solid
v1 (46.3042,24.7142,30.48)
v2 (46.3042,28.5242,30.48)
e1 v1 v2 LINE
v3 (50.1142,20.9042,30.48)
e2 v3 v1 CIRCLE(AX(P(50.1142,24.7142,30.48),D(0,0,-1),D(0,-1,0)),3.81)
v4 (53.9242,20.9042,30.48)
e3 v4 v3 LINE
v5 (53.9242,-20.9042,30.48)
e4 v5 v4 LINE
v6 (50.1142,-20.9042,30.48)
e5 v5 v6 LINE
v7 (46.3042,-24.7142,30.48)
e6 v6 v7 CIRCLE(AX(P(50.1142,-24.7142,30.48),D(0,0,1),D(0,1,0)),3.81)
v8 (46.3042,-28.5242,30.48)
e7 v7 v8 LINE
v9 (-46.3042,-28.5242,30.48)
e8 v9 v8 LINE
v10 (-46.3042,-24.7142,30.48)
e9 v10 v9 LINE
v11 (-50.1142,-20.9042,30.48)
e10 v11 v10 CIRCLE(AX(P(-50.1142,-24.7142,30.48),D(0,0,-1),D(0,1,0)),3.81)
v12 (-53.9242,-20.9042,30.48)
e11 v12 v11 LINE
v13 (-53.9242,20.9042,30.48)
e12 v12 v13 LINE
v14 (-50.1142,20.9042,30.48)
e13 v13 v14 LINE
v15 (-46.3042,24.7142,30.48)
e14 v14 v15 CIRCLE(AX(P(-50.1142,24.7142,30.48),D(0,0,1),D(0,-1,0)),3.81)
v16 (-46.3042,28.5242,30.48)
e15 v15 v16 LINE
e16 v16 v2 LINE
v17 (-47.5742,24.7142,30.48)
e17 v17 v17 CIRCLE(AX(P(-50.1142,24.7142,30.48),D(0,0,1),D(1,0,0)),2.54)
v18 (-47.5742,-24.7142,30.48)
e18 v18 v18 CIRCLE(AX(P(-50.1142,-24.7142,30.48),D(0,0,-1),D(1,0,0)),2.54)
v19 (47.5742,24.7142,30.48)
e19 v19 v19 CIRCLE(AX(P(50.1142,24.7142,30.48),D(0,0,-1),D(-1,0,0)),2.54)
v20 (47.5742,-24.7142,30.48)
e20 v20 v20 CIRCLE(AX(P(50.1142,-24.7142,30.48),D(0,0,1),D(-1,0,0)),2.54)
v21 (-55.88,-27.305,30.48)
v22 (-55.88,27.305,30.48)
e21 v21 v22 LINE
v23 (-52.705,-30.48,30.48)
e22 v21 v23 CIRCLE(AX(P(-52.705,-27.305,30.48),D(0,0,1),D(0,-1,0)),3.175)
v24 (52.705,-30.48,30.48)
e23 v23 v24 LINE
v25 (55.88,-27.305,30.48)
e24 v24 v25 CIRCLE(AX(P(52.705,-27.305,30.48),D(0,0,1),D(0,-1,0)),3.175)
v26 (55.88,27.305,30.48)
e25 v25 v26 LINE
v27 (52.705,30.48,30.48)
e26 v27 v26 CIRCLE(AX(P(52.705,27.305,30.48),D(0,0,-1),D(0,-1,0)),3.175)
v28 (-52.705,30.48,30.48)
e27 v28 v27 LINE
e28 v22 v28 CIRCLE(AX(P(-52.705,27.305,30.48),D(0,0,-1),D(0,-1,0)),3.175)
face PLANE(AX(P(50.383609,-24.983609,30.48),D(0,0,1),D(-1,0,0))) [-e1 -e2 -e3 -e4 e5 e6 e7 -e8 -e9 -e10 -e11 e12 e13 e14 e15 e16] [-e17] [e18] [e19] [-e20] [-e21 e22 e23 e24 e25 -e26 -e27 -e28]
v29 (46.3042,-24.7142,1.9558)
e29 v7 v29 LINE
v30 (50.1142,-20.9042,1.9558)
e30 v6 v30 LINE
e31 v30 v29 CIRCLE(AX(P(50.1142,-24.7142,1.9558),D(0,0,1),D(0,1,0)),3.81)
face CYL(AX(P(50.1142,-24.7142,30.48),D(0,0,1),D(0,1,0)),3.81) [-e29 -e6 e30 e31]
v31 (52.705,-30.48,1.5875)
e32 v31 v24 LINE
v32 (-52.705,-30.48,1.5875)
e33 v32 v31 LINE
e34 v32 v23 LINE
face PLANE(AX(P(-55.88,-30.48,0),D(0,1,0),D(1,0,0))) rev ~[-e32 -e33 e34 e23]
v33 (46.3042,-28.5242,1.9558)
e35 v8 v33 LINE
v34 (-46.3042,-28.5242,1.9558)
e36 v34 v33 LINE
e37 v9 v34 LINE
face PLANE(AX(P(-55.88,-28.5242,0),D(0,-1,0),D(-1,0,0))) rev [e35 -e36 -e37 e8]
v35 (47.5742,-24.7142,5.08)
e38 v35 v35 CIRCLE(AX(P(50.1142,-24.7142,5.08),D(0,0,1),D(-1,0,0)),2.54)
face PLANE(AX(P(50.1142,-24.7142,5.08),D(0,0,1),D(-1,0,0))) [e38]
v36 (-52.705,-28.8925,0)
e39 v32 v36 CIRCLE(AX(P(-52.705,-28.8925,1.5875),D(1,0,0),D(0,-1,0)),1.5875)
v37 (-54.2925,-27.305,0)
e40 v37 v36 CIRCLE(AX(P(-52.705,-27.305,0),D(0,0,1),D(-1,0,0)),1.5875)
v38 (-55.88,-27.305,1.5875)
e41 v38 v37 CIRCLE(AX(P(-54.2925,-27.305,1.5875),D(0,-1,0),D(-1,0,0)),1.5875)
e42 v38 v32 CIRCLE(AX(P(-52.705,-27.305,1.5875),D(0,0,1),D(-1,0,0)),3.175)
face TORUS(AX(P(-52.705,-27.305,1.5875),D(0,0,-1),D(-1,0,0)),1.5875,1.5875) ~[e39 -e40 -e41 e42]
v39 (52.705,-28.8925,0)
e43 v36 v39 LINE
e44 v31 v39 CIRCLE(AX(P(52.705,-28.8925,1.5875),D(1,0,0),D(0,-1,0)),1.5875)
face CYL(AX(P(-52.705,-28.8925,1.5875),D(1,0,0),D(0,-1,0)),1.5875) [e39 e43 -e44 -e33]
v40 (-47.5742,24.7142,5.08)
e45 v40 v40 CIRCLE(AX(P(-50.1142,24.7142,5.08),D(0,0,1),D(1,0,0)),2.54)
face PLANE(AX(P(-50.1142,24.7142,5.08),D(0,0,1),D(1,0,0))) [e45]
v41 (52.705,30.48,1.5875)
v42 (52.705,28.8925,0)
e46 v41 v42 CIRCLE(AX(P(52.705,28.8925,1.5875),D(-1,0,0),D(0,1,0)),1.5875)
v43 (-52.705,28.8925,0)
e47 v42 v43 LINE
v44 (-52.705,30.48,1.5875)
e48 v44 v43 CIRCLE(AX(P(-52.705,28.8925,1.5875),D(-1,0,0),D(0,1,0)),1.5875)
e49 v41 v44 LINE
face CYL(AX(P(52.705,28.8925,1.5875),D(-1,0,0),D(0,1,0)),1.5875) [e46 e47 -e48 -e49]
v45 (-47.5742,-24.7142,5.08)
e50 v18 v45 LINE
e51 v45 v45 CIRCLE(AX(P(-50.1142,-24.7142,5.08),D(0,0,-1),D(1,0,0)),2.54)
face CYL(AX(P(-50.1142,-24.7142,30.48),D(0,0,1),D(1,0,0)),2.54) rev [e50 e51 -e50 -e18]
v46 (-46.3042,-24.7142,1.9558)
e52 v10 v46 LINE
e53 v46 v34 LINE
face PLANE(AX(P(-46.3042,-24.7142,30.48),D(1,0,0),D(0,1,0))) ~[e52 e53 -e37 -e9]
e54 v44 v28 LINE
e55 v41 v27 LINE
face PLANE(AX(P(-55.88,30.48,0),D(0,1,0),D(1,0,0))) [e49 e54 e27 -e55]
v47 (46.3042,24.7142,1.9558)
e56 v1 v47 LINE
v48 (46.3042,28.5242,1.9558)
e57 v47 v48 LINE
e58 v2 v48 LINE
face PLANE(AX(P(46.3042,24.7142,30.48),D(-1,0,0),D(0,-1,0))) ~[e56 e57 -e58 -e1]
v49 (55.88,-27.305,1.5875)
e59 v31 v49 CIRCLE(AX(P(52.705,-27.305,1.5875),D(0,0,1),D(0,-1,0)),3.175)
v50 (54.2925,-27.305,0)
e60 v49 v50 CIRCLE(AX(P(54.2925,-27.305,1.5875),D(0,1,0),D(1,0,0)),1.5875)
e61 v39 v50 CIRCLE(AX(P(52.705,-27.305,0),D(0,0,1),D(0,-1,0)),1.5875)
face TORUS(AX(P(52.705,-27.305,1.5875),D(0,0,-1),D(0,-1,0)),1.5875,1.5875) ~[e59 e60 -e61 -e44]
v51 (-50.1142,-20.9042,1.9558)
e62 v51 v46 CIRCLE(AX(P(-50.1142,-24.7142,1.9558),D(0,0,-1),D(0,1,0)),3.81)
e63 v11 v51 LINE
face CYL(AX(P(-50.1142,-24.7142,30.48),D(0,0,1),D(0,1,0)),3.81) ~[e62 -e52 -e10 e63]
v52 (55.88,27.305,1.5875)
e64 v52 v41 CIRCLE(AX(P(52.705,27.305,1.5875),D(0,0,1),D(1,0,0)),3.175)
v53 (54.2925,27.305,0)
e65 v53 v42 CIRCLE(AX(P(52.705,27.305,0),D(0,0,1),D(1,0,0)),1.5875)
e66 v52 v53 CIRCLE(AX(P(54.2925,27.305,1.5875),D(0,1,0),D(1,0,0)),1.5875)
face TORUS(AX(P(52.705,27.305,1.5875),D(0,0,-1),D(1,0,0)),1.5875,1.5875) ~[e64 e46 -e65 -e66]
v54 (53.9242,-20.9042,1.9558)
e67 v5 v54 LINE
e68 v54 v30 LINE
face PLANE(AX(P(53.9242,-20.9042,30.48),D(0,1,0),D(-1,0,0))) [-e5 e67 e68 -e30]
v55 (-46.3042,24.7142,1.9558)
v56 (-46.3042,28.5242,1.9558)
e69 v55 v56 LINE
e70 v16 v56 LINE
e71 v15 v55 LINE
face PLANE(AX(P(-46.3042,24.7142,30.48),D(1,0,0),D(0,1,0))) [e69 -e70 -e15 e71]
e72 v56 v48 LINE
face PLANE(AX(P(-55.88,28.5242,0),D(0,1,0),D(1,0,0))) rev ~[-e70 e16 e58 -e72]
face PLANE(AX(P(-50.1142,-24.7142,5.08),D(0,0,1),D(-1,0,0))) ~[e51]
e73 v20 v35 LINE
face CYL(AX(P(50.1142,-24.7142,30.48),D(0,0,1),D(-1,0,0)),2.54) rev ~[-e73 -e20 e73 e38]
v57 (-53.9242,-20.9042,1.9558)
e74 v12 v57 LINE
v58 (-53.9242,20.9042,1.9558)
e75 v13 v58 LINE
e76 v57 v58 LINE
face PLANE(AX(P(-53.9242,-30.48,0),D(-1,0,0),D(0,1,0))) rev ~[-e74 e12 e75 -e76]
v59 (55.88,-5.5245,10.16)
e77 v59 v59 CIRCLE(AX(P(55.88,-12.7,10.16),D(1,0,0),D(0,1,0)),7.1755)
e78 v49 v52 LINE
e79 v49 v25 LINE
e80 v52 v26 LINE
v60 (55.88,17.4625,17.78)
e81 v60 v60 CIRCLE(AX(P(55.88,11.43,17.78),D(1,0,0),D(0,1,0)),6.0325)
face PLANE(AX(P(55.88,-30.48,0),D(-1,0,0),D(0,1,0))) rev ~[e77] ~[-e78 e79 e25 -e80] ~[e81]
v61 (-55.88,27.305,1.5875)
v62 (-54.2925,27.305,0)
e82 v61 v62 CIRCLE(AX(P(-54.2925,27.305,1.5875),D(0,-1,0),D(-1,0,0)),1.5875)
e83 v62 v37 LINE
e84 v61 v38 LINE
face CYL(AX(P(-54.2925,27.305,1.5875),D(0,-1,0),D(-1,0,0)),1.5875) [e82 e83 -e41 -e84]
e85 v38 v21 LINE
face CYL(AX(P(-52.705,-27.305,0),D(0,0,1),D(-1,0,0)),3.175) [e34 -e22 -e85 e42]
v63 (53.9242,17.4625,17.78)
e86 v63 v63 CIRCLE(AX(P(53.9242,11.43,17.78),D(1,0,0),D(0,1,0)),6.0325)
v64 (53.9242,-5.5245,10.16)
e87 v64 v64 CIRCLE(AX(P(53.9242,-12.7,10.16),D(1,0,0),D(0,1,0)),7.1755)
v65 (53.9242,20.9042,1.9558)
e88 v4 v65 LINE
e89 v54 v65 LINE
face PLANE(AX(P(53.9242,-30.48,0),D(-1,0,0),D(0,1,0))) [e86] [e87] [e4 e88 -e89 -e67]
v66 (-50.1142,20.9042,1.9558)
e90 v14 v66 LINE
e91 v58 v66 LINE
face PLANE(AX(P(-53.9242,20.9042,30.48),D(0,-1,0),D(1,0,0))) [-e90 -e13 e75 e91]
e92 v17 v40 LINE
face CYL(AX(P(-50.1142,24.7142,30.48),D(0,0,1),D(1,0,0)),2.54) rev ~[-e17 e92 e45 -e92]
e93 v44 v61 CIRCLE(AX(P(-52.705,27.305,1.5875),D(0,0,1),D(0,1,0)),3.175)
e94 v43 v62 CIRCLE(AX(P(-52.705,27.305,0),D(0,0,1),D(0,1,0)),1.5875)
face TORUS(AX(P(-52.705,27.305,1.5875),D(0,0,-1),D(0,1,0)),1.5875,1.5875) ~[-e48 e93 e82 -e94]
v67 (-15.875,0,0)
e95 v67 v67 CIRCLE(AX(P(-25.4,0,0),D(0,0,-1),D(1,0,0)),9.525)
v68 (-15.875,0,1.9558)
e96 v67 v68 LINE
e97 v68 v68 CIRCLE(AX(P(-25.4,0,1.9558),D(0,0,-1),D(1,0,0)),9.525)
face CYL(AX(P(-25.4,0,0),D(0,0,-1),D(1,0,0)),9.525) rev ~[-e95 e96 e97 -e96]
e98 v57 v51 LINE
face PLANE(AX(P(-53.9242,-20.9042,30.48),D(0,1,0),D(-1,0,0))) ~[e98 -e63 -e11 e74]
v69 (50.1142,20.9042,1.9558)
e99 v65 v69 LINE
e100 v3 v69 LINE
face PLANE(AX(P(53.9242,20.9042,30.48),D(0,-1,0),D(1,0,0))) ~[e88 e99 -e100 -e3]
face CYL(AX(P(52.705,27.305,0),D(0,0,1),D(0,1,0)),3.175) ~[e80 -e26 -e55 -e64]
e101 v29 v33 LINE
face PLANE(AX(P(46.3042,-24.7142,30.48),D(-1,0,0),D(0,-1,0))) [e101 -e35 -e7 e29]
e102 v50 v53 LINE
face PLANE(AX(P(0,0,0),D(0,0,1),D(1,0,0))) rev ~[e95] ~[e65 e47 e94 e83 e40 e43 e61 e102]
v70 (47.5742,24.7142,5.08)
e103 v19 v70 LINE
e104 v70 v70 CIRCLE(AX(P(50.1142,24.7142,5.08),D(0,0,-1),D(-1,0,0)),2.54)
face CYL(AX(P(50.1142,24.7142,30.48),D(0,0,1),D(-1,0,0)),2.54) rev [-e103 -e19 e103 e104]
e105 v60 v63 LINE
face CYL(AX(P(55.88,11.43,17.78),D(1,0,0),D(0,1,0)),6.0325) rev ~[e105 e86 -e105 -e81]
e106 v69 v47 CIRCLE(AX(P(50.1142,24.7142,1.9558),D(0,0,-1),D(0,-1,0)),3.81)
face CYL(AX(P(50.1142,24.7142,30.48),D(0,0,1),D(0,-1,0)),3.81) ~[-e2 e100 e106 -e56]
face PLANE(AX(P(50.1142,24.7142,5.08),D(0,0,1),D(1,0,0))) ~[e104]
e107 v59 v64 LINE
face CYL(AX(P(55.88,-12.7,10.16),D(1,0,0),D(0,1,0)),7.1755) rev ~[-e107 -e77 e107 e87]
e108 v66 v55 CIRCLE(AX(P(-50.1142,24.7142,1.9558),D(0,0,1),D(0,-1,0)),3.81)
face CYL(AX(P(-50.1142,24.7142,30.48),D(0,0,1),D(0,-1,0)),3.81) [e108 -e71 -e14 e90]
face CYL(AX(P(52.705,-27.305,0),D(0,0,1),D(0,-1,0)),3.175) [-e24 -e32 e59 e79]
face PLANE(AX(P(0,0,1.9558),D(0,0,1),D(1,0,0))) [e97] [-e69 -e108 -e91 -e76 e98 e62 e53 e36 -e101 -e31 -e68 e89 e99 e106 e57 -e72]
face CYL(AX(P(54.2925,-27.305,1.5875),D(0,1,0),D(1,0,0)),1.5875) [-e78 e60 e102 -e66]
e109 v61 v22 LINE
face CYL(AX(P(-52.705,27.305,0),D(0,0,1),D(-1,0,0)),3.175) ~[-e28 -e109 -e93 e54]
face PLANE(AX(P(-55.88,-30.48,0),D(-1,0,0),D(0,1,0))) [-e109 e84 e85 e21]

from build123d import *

# Parameters (mm, degrees)
F0_W      = 111.76
F0_H      = 60.96
F1_DEPTH  = 30.48
F2_T      = -1.9558
F4_DEPTH  = 28.5242
F5_R      = 2.54
F6_DEPTH  = 25.4
F9_R      = 3.175
F10_R     = 1.5875
F11_R     = 7.1755
F12_DEPTH = 1.9558
F13_R     = 6.0325
F14_DEPTH = 1.9558
F15_R     = 9.525
F16_DEPTH = 30.481


with BuildPart() as f1:
    # F0 (on Top) → F1 (new body)
    with BuildSketch(Plane.XY):
        Rectangle(F0_W, F0_H)
    extrude(amount=F1_DEPTH)

    # F2
    f2_openings = [f1.faces().sort_by_distance(p)[0] for p in [
        (0, 0, 30.48),
    ]]
    offset(amount=F2_T, openings=f2_openings)

    # F3 (on face) → F4 (join, through all)
    with BuildSketch(Plane.XY.offset(30.48)):
        with BuildLine():
            Line((-53.9242, 20.9042), (-50.1142, 20.9042))
            ThreePointArc((-50.1142, 20.9042), (-47.4201231637, 22.0201231637), (-46.3042, 24.7142))
            Line((-46.3042, 24.7142), (-46.3042, 28.5242))
            Line((-46.3042, 28.5242), (-53.9242, 28.5242))
            Line((-53.9242, 28.5242), (-53.9242, 20.9042))
        make_face()
    extrude(amount=-F4_DEPTH)

    # F5 (on face) → F6 (cut)
    with BuildSketch(Plane.XY.offset(30.48)):
        with Locations((-50.1142, 24.7142)):
            Circle(F5_R)
    extrude(amount=-F6_DEPTH, mode=Mode.SUBTRACT)

    # F7: F1 across plane


with BuildPart() as f1_1:
    add(f1.part)
    add(f1.part.mirror(Plane.YZ))

    # F8: F1 across plane


with BuildPart() as f1_2:
    add(f1_1.part)
    add(f1_1.part.mirror(Plane.XZ))

    # F9
    f9_edges = [f1_2.edges().sort_by_distance(p)[0] for p in [
        (-55.88, 30.48, 15.24),
        (-55.88, -30.48, 15.24),
        (55.88, -30.48, 15.24),
        (55.88, 30.48, 15.24),
    ]]
    fillet(f9_edges, radius=F9_R)

    # F10
    f10_edges = [f1_2.edges().sort_by_distance(p)[0] for p in [
        (0, -30.48, 0),
        (-54.950064, -29.550064, 0),
        (54.950064, -29.550064, 0),
        (-55.88, 0, 0),
        (55.88, 0, 0),
        (-54.950064, 29.550064, 0),
        (54.950064, 29.550064, 0),
        (0, 30.48, 0),
    ]]
    fillet(f10_edges, radius=F10_R)

    # F11 (on face) → F12 (cut, through all)
    with BuildSketch(Plane.YZ.offset(55.88)):
        with Locations((-12.7, 10.16)):
            Circle(F11_R)
    extrude(amount=-F12_DEPTH, mode=Mode.SUBTRACT)

    # F13 (on face) → F14 (cut, through all)
    with BuildSketch(Plane.YZ.offset(55.88)):
        with Locations((11.43, 17.78)):
            Circle(F13_R)
    extrude(amount=-F14_DEPTH, mode=Mode.SUBTRACT)

    # F15 (on face) → F16 (cut, through all)
    with BuildSketch(Plane(origin=(0, 0, 0), x_dir=(1, 0, 0), z_dir=(0, 0, -1))):
        with Locations((-25.4, 0)):
            Circle(F15_R)
    extrude(amount=-F16_DEPTH, mode=Mode.SUBTRACT)


solid = f1_2.part
